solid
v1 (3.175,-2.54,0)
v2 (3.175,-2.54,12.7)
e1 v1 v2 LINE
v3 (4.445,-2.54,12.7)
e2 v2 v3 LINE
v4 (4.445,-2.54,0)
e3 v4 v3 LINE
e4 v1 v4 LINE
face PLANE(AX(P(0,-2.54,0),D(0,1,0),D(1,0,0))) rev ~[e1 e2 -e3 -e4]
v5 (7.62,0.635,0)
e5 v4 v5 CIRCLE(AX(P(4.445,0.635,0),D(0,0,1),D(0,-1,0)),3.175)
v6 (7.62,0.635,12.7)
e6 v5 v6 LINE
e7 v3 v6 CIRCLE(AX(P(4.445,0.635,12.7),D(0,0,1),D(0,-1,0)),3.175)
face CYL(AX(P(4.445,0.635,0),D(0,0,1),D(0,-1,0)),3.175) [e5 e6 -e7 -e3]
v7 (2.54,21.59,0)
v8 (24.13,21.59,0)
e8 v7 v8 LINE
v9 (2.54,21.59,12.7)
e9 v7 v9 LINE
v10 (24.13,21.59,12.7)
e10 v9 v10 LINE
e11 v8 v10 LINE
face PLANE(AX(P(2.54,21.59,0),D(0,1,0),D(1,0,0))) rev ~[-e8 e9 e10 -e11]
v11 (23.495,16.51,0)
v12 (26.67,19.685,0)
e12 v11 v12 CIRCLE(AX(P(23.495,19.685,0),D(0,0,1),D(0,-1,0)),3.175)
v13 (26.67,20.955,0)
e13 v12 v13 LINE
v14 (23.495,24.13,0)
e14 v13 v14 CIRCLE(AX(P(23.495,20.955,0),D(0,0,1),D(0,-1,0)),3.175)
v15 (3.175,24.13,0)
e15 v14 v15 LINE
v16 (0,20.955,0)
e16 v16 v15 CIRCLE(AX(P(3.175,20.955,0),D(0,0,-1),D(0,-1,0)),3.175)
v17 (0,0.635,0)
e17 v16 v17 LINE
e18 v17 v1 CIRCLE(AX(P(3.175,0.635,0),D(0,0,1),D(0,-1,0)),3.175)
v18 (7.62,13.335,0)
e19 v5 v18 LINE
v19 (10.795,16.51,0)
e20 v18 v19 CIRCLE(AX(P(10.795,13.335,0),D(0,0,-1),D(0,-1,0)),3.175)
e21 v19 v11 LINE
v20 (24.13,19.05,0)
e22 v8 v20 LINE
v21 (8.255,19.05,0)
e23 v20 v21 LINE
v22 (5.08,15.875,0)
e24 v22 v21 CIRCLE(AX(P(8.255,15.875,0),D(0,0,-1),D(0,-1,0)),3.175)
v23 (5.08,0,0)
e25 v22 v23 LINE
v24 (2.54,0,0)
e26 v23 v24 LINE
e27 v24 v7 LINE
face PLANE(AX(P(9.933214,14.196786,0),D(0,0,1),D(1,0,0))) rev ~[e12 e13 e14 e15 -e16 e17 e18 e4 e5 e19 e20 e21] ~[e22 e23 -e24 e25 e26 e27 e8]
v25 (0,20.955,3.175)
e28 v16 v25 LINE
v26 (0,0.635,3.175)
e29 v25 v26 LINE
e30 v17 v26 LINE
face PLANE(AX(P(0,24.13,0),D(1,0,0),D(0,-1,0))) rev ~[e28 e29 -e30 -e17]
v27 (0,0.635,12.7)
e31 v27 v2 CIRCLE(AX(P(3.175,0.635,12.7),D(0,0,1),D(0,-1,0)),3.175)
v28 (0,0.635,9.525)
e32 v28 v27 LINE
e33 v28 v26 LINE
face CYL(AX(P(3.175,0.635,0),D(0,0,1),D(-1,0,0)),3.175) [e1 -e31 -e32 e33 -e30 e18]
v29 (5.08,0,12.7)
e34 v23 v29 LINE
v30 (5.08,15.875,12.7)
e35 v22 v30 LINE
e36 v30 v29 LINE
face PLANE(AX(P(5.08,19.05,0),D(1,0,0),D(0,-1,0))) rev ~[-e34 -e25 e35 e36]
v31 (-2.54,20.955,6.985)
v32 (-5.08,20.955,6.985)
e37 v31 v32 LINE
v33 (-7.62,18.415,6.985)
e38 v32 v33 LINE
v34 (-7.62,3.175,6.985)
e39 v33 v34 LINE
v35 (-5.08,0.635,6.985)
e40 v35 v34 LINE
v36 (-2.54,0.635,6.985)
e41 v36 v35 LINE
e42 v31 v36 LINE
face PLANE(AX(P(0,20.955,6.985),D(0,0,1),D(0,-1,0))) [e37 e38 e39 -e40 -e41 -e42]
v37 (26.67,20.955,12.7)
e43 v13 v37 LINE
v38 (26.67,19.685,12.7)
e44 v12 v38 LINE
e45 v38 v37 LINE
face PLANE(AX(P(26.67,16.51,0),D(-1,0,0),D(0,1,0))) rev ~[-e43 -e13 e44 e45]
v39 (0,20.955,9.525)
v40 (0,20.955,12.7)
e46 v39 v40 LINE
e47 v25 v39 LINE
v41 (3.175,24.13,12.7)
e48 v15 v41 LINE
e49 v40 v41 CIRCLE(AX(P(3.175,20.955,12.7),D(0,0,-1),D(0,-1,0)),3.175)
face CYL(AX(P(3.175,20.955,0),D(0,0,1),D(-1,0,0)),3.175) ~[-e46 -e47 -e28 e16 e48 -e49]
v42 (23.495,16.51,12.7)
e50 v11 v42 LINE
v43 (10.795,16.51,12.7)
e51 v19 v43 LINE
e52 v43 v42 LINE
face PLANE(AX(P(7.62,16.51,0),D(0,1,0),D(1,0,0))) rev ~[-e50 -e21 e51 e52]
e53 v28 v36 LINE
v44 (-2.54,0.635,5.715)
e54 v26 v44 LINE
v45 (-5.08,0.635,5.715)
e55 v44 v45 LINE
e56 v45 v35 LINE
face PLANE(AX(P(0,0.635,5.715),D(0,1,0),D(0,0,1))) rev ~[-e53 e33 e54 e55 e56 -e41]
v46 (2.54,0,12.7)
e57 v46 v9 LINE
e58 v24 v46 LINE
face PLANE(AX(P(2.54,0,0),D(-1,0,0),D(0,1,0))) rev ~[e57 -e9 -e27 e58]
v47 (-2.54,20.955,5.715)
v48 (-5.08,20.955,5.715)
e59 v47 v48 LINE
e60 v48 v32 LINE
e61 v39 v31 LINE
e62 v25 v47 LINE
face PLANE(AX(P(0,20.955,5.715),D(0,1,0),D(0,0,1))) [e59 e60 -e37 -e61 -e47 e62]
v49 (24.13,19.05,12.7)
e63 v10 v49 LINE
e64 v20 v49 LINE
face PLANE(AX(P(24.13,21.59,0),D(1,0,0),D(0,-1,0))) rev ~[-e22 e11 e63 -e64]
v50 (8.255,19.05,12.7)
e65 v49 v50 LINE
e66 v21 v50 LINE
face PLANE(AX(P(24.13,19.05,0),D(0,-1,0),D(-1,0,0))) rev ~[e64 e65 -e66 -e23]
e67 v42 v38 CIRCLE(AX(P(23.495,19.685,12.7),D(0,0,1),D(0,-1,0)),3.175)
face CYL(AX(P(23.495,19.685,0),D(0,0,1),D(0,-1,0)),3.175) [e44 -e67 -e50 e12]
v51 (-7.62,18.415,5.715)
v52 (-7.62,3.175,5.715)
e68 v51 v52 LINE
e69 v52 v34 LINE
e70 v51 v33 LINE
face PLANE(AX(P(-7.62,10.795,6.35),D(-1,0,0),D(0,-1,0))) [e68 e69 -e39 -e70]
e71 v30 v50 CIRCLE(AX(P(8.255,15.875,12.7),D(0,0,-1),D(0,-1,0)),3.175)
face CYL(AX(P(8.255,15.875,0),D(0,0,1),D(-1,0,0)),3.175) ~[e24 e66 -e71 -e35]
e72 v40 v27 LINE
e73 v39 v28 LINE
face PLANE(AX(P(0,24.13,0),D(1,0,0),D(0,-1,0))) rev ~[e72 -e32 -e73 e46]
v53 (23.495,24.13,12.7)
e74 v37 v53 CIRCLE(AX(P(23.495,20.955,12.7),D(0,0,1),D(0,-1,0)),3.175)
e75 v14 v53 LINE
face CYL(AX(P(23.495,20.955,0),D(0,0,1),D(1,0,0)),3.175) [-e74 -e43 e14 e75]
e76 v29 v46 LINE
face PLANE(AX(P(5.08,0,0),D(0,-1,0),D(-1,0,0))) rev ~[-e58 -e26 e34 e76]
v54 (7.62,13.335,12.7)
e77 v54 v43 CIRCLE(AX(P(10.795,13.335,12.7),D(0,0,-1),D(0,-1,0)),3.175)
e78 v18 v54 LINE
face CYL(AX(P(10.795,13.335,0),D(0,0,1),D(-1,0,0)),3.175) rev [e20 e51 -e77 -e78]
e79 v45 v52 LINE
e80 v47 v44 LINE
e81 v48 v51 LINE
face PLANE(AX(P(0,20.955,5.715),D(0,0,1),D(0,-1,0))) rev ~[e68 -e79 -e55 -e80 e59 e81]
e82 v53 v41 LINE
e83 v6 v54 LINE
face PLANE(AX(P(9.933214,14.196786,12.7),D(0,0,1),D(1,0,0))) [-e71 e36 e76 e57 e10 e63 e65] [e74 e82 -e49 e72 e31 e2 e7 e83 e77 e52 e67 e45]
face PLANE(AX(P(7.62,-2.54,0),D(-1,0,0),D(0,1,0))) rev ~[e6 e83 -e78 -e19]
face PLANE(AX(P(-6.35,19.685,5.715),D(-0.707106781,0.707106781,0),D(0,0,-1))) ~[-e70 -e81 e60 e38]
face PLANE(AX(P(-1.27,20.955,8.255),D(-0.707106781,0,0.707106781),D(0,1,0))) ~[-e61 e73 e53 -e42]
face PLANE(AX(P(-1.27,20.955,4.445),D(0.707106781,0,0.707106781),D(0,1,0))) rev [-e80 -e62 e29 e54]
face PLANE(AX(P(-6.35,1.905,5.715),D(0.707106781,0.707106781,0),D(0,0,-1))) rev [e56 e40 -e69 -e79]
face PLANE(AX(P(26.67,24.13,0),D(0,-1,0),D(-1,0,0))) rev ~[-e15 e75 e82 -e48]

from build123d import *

# Parameters (mm, degrees)
F1_DEPTH = 12.7
F2_R     = 3.175
F3_W     = 20.32
F3_H     = 1.27
F4_DEPTH = 7.62
F5_SIZE  = 2.54


with BuildPart() as f1:
    # F0 (on Top) → F1 (new body)
    with BuildSketch(Plane.XY):
        Polygon((0, 24.13), (0, -2.194877), (0, -2.54), (7.62, -2.54), (7.62, 16.51), (26.67, 16.51), (26.67, 24.13), align=None)
        Polygon((5.08, 0), (2.54, 0), (2.54, 21.59), (5.08, 21.59), (24.13, 21.59), (24.13, 19.05), (5.08, 19.05), align=None, mode=Mode.SUBTRACT)
    extrude(amount=F1_DEPTH)

    # F2
    f2_edges = [f1.edges().sort_by_distance(p)[0] for p in [
        (26.67, 24.13, 6.35),
        (26.67, 16.51, 6.35),
        (5.08, 19.05, 6.35),
        (0, 24.13, 6.35),
        (7.62, -2.54, 6.35),
        (0, -2.54, 6.35),
        (7.62, 16.51, 6.35),
    ]]
    fillet(f2_edges, radius=F2_R)

    # F3 (on face) → F4 (join)
    with BuildSketch(Plane(origin=(0, 0, 0), x_dir=(0, -1, 0), z_dir=(-1, 0, 0))):
        with Locations((-10.795, 6.35)):
            Rectangle(F3_W, F3_H)
    extrude(amount=F4_DEPTH)

    # F5
    f5_edges = [f1.edges().sort_by_distance(p)[0] for p in [
        (0, 10.795, 5.715),
        (0, 10.795, 6.985),
        (-7.62, 20.955, 6.35),
        (-7.62, 0.635, 6.35),
    ]]
    chamfer(f5_edges, length=F5_SIZE)


solid = f1.part
